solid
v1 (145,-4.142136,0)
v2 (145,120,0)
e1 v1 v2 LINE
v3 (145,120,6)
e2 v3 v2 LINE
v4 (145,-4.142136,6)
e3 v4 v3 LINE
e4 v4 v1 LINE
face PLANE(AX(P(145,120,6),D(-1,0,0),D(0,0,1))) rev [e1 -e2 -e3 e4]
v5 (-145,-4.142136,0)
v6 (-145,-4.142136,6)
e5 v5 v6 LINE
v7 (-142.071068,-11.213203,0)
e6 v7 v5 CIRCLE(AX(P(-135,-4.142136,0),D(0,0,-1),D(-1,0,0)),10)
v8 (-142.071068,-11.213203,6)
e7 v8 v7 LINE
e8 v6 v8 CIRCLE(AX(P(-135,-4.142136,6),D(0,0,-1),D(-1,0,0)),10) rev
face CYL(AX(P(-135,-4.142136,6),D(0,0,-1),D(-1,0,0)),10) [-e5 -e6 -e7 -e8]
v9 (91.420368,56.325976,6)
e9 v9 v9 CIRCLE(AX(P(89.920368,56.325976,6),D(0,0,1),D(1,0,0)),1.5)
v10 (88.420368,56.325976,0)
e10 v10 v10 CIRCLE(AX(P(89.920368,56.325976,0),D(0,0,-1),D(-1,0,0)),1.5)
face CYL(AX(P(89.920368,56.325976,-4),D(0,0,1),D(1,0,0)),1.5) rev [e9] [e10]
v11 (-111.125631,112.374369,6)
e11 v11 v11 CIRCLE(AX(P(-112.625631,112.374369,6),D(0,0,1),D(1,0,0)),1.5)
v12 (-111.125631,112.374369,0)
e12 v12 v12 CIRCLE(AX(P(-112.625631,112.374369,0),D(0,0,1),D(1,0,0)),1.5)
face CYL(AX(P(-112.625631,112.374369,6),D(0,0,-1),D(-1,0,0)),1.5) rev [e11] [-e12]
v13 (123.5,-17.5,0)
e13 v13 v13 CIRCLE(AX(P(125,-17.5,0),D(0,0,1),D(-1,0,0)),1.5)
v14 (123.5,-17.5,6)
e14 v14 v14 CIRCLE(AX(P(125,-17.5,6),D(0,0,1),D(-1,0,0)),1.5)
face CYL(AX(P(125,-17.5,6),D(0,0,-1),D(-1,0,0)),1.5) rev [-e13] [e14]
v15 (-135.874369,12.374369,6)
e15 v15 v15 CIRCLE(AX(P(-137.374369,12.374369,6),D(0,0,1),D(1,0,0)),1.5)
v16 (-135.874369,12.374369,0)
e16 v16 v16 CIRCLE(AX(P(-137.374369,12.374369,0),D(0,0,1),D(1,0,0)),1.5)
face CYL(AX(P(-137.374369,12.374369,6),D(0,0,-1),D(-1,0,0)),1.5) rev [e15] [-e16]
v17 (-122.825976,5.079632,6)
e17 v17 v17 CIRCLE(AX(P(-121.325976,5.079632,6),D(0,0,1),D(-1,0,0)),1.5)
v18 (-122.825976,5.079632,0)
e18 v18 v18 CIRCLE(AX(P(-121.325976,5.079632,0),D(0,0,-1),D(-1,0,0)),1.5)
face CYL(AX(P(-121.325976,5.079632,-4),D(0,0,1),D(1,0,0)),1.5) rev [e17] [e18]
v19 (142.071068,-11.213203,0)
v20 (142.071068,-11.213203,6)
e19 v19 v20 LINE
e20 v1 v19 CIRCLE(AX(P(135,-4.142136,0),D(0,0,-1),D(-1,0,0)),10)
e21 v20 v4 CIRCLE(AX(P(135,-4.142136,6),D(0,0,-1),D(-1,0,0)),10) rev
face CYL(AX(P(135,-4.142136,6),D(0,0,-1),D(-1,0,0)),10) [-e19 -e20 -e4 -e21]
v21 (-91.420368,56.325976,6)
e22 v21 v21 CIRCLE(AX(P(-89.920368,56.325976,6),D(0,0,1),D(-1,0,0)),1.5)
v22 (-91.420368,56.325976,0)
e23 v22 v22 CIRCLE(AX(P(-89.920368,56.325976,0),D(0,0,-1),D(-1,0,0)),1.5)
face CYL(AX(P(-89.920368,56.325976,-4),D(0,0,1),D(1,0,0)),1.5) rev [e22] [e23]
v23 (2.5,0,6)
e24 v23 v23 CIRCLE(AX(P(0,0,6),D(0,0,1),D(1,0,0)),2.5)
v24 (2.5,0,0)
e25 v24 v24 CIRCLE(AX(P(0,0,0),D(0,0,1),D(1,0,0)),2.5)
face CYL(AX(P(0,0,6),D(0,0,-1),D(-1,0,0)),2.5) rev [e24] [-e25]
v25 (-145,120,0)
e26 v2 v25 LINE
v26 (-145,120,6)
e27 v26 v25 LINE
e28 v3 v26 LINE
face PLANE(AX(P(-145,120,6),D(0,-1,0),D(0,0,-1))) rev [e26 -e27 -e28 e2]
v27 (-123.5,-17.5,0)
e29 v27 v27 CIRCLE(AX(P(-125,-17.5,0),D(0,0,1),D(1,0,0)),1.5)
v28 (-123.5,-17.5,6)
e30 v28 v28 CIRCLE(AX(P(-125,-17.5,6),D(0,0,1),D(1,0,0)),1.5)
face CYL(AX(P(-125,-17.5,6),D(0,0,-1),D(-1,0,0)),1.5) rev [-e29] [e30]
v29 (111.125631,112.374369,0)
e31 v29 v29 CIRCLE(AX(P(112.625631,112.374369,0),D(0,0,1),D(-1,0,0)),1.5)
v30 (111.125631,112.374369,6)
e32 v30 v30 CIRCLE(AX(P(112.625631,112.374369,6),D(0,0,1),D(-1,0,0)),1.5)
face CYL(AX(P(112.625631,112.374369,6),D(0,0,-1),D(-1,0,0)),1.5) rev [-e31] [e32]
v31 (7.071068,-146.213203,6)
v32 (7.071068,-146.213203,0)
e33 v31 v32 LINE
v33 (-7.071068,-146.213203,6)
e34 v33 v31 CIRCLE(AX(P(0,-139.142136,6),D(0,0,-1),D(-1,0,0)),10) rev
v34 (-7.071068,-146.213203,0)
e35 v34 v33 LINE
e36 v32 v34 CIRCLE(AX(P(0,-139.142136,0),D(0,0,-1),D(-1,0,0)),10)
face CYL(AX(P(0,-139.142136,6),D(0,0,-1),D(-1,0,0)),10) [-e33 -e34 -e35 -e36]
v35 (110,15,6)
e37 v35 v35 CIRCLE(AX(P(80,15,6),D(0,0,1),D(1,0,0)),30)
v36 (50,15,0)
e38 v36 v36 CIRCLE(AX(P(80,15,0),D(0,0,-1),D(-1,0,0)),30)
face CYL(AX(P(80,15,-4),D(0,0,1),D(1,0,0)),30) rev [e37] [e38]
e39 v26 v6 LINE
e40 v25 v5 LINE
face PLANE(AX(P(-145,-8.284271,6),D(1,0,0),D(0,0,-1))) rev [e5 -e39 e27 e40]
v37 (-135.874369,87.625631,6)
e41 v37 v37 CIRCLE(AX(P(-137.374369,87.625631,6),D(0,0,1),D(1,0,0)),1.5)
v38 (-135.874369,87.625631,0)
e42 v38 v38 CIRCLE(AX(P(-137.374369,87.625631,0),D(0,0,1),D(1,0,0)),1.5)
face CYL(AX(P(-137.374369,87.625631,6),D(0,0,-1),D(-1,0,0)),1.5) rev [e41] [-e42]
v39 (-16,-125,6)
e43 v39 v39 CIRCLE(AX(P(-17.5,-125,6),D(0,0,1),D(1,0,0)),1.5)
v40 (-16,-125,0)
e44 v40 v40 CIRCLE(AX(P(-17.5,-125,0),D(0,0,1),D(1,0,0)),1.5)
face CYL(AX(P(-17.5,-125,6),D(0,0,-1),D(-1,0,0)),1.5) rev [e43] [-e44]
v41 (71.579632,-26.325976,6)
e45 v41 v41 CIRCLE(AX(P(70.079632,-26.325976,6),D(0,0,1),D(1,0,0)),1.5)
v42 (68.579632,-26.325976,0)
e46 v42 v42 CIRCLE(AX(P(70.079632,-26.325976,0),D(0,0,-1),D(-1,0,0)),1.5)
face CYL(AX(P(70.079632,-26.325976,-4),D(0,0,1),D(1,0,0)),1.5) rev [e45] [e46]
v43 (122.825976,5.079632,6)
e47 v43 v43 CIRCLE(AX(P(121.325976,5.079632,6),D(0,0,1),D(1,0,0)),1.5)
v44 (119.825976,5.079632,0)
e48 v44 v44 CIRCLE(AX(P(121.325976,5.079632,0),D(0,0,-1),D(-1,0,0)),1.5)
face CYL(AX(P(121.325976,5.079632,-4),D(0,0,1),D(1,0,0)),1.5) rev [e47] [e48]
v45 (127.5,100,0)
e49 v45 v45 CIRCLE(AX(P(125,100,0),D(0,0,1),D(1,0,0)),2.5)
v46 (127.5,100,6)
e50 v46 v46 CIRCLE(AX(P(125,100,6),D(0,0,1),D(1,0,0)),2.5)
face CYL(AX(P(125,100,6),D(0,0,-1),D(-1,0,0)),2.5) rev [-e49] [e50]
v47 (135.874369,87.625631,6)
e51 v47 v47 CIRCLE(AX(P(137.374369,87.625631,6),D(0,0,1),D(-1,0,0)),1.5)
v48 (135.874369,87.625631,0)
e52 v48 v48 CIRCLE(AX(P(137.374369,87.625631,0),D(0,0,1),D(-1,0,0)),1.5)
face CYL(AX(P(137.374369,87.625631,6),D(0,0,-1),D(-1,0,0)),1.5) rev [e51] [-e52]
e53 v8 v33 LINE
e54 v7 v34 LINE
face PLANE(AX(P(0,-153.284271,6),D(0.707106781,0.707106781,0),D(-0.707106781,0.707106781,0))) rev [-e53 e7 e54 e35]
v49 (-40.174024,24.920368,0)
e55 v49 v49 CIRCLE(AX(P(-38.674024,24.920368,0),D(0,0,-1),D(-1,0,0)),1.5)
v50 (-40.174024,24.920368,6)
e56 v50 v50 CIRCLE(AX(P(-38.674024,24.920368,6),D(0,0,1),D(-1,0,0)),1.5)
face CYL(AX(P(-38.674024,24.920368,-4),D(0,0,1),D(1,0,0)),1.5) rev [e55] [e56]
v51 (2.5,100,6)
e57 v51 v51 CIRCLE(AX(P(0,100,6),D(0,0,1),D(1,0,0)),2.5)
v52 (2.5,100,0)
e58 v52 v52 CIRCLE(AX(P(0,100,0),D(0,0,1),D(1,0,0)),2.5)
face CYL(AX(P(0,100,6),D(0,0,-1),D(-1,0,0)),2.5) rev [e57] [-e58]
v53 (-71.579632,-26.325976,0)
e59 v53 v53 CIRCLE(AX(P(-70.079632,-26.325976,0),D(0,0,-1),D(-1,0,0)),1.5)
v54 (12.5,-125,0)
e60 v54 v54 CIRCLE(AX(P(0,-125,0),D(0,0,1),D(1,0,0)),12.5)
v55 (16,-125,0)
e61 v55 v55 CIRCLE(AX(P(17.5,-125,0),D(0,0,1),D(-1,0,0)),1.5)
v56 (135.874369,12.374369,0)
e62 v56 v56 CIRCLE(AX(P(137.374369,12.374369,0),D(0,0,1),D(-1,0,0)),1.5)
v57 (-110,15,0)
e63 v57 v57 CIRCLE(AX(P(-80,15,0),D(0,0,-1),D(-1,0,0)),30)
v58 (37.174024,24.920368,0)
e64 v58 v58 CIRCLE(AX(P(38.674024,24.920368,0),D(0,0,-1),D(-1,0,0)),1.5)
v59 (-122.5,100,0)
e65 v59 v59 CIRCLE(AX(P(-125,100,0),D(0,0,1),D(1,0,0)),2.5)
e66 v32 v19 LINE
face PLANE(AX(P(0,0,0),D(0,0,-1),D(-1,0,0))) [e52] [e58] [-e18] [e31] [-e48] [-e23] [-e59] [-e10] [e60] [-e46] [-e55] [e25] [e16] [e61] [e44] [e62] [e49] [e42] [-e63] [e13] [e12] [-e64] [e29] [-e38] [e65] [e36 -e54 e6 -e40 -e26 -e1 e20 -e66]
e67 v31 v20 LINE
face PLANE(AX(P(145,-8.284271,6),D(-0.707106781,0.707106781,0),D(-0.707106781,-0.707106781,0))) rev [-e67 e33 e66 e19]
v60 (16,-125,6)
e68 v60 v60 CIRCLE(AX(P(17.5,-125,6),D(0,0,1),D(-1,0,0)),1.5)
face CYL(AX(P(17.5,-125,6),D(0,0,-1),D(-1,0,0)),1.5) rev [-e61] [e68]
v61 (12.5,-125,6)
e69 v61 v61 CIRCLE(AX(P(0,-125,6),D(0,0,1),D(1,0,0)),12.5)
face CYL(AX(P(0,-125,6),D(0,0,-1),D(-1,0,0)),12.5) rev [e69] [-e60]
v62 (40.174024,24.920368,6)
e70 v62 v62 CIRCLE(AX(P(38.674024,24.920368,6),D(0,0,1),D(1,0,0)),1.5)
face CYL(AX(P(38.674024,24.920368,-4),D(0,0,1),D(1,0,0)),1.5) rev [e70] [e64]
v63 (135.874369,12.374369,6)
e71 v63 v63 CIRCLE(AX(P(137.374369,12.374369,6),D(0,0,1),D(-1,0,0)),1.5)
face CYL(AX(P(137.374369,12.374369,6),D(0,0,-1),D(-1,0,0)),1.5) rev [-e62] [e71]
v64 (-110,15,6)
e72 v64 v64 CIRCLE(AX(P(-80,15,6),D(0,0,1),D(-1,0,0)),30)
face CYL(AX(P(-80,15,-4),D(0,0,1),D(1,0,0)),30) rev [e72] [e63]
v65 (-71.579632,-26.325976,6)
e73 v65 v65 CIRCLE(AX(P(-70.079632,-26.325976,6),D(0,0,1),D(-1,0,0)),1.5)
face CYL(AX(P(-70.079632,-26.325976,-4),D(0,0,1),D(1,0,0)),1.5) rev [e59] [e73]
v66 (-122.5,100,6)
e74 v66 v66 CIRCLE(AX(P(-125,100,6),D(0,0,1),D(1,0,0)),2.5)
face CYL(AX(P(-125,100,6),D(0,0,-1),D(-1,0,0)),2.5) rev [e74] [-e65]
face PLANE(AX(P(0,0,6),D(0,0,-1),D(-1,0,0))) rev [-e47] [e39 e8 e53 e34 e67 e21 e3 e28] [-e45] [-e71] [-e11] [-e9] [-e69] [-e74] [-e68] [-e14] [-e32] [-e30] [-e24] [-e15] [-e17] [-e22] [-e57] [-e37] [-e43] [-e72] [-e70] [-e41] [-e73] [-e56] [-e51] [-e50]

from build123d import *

# Parameters (mm, degrees)
SKETCH1_R           = 12.5
SKETCH1_R_2         = 1.5
SKETCH1_R_3         = 2.5
BOSS_EXTRUDE1_DEPTH = 6
FILLET1_R           = 10
SKETCH2_R           = 1.5
SKETCH2_R_2         = 30
CUT_EXTRUDE1_DEPTH  = 10


with BuildPart() as part:
    # Sketch1 → Boss-Extrude1 (new body)
    with BuildSketch(Plane.XY):
        Polygon((-145, 120), (145, 120), (145, -8.284271247), (0, -153.284271247), (-145, -8.284271247), align=None)
        with Locations((0, -125)):
            Circle(SKETCH1_R, mode=Mode.SUBTRACT)
        with Locations((-137.374368671, 87.625631329)):
            Circle(SKETCH1_R_2, mode=Mode.SUBTRACT)
        with Locations((-112.625631329, 112.374368671)):
            Circle(SKETCH1_R_2, mode=Mode.SUBTRACT)
        with Locations((-137.374368671, 12.374368671)):
            Circle(SKETCH1_R_2, mode=Mode.SUBTRACT)
        with Locations((-125, -17.5)):
            Circle(SKETCH1_R_2, mode=Mode.SUBTRACT)
        with Locations((-17.5, -125)):
            Circle(SKETCH1_R_2, mode=Mode.SUBTRACT)
        with Locations(Location((17.5, -125, 0), (0, 0, 180))):
            Circle(SKETCH1_R_2, mode=Mode.SUBTRACT)
        with Locations(Location((125, -17.5, 0), (0, 0, 180))):
            Circle(SKETCH1_R_2, mode=Mode.SUBTRACT)
        with Locations(Location((137.374368671, 12.374368671, 0), (0, 0, 180))):
            Circle(SKETCH1_R_2, mode=Mode.SUBTRACT)
        with Locations(Location((137.374368671, 87.625631329, 0), (0, 0, 180))):
            Circle(SKETCH1_R_2, mode=Mode.SUBTRACT)
        with Locations(Location((112.625631329, 112.374368671, 0), (0, 0, 180))):
            Circle(SKETCH1_R_2, mode=Mode.SUBTRACT)
        with Locations((0, 100)):
            Circle(SKETCH1_R_3, mode=Mode.SUBTRACT)
        with Locations((-125, 100)):
            Circle(SKETCH1_R_3, mode=Mode.SUBTRACT)
        with Locations((125, 100)):
            Circle(SKETCH1_R_3, mode=Mode.SUBTRACT)
        Circle(SKETCH1_R_3, mode=Mode.SUBTRACT)
    extrude(amount=BOSS_EXTRUDE1_DEPTH)

    # Fillet1
    fillet1_edges = [part.edges().sort_by_distance(p)[0] for p in [
        (145, -8.284271247, 3),
        (0, -153.284271247, 3),
        (-145, -8.284271247, 3),
    ]]
    fillet(fillet1_edges, radius=FILLET1_R)

    # Sketch2 → Cut-Extrude1 (cut)
    with BuildSketch(Plane.XY.offset(6)):
        with Locations((38.67402397, 24.920368197)):
            Circle(SKETCH2_R)
        with Locations((89.920368197, 56.32597603)):
            Circle(SKETCH2_R)
        with Locations((121.32597603, 5.079631803)):
            Circle(SKETCH2_R)
        with Locations((70.079631803, -26.32597603)):
            Circle(SKETCH2_R)
        with Locations((80, 15)):
            Circle(SKETCH2_R_2)
        with Locations(Location((-38.67402397, 24.920368197, 0), (0, 0, 180))):
            Circle(SKETCH2_R)
        with Locations(Location((-89.920368197, 56.32597603, 0), (0, 0, 180))):
            Circle(SKETCH2_R)
        with Locations(Location((-70.079631803, -26.32597603, 0), (0, 0, 180))):
            Circle(SKETCH2_R)
        with Locations(Location((-121.32597603, 5.079631803, 0), (0, 0, 180))):
            Circle(SKETCH2_R)
        with Locations(Location((-80, 15, 0), (0, 0, 180))):
            Circle(SKETCH2_R_2)
    extrude(amount=-CUT_EXTRUDE1_DEPTH, mode=Mode.SUBTRACT)


solid = part.part
